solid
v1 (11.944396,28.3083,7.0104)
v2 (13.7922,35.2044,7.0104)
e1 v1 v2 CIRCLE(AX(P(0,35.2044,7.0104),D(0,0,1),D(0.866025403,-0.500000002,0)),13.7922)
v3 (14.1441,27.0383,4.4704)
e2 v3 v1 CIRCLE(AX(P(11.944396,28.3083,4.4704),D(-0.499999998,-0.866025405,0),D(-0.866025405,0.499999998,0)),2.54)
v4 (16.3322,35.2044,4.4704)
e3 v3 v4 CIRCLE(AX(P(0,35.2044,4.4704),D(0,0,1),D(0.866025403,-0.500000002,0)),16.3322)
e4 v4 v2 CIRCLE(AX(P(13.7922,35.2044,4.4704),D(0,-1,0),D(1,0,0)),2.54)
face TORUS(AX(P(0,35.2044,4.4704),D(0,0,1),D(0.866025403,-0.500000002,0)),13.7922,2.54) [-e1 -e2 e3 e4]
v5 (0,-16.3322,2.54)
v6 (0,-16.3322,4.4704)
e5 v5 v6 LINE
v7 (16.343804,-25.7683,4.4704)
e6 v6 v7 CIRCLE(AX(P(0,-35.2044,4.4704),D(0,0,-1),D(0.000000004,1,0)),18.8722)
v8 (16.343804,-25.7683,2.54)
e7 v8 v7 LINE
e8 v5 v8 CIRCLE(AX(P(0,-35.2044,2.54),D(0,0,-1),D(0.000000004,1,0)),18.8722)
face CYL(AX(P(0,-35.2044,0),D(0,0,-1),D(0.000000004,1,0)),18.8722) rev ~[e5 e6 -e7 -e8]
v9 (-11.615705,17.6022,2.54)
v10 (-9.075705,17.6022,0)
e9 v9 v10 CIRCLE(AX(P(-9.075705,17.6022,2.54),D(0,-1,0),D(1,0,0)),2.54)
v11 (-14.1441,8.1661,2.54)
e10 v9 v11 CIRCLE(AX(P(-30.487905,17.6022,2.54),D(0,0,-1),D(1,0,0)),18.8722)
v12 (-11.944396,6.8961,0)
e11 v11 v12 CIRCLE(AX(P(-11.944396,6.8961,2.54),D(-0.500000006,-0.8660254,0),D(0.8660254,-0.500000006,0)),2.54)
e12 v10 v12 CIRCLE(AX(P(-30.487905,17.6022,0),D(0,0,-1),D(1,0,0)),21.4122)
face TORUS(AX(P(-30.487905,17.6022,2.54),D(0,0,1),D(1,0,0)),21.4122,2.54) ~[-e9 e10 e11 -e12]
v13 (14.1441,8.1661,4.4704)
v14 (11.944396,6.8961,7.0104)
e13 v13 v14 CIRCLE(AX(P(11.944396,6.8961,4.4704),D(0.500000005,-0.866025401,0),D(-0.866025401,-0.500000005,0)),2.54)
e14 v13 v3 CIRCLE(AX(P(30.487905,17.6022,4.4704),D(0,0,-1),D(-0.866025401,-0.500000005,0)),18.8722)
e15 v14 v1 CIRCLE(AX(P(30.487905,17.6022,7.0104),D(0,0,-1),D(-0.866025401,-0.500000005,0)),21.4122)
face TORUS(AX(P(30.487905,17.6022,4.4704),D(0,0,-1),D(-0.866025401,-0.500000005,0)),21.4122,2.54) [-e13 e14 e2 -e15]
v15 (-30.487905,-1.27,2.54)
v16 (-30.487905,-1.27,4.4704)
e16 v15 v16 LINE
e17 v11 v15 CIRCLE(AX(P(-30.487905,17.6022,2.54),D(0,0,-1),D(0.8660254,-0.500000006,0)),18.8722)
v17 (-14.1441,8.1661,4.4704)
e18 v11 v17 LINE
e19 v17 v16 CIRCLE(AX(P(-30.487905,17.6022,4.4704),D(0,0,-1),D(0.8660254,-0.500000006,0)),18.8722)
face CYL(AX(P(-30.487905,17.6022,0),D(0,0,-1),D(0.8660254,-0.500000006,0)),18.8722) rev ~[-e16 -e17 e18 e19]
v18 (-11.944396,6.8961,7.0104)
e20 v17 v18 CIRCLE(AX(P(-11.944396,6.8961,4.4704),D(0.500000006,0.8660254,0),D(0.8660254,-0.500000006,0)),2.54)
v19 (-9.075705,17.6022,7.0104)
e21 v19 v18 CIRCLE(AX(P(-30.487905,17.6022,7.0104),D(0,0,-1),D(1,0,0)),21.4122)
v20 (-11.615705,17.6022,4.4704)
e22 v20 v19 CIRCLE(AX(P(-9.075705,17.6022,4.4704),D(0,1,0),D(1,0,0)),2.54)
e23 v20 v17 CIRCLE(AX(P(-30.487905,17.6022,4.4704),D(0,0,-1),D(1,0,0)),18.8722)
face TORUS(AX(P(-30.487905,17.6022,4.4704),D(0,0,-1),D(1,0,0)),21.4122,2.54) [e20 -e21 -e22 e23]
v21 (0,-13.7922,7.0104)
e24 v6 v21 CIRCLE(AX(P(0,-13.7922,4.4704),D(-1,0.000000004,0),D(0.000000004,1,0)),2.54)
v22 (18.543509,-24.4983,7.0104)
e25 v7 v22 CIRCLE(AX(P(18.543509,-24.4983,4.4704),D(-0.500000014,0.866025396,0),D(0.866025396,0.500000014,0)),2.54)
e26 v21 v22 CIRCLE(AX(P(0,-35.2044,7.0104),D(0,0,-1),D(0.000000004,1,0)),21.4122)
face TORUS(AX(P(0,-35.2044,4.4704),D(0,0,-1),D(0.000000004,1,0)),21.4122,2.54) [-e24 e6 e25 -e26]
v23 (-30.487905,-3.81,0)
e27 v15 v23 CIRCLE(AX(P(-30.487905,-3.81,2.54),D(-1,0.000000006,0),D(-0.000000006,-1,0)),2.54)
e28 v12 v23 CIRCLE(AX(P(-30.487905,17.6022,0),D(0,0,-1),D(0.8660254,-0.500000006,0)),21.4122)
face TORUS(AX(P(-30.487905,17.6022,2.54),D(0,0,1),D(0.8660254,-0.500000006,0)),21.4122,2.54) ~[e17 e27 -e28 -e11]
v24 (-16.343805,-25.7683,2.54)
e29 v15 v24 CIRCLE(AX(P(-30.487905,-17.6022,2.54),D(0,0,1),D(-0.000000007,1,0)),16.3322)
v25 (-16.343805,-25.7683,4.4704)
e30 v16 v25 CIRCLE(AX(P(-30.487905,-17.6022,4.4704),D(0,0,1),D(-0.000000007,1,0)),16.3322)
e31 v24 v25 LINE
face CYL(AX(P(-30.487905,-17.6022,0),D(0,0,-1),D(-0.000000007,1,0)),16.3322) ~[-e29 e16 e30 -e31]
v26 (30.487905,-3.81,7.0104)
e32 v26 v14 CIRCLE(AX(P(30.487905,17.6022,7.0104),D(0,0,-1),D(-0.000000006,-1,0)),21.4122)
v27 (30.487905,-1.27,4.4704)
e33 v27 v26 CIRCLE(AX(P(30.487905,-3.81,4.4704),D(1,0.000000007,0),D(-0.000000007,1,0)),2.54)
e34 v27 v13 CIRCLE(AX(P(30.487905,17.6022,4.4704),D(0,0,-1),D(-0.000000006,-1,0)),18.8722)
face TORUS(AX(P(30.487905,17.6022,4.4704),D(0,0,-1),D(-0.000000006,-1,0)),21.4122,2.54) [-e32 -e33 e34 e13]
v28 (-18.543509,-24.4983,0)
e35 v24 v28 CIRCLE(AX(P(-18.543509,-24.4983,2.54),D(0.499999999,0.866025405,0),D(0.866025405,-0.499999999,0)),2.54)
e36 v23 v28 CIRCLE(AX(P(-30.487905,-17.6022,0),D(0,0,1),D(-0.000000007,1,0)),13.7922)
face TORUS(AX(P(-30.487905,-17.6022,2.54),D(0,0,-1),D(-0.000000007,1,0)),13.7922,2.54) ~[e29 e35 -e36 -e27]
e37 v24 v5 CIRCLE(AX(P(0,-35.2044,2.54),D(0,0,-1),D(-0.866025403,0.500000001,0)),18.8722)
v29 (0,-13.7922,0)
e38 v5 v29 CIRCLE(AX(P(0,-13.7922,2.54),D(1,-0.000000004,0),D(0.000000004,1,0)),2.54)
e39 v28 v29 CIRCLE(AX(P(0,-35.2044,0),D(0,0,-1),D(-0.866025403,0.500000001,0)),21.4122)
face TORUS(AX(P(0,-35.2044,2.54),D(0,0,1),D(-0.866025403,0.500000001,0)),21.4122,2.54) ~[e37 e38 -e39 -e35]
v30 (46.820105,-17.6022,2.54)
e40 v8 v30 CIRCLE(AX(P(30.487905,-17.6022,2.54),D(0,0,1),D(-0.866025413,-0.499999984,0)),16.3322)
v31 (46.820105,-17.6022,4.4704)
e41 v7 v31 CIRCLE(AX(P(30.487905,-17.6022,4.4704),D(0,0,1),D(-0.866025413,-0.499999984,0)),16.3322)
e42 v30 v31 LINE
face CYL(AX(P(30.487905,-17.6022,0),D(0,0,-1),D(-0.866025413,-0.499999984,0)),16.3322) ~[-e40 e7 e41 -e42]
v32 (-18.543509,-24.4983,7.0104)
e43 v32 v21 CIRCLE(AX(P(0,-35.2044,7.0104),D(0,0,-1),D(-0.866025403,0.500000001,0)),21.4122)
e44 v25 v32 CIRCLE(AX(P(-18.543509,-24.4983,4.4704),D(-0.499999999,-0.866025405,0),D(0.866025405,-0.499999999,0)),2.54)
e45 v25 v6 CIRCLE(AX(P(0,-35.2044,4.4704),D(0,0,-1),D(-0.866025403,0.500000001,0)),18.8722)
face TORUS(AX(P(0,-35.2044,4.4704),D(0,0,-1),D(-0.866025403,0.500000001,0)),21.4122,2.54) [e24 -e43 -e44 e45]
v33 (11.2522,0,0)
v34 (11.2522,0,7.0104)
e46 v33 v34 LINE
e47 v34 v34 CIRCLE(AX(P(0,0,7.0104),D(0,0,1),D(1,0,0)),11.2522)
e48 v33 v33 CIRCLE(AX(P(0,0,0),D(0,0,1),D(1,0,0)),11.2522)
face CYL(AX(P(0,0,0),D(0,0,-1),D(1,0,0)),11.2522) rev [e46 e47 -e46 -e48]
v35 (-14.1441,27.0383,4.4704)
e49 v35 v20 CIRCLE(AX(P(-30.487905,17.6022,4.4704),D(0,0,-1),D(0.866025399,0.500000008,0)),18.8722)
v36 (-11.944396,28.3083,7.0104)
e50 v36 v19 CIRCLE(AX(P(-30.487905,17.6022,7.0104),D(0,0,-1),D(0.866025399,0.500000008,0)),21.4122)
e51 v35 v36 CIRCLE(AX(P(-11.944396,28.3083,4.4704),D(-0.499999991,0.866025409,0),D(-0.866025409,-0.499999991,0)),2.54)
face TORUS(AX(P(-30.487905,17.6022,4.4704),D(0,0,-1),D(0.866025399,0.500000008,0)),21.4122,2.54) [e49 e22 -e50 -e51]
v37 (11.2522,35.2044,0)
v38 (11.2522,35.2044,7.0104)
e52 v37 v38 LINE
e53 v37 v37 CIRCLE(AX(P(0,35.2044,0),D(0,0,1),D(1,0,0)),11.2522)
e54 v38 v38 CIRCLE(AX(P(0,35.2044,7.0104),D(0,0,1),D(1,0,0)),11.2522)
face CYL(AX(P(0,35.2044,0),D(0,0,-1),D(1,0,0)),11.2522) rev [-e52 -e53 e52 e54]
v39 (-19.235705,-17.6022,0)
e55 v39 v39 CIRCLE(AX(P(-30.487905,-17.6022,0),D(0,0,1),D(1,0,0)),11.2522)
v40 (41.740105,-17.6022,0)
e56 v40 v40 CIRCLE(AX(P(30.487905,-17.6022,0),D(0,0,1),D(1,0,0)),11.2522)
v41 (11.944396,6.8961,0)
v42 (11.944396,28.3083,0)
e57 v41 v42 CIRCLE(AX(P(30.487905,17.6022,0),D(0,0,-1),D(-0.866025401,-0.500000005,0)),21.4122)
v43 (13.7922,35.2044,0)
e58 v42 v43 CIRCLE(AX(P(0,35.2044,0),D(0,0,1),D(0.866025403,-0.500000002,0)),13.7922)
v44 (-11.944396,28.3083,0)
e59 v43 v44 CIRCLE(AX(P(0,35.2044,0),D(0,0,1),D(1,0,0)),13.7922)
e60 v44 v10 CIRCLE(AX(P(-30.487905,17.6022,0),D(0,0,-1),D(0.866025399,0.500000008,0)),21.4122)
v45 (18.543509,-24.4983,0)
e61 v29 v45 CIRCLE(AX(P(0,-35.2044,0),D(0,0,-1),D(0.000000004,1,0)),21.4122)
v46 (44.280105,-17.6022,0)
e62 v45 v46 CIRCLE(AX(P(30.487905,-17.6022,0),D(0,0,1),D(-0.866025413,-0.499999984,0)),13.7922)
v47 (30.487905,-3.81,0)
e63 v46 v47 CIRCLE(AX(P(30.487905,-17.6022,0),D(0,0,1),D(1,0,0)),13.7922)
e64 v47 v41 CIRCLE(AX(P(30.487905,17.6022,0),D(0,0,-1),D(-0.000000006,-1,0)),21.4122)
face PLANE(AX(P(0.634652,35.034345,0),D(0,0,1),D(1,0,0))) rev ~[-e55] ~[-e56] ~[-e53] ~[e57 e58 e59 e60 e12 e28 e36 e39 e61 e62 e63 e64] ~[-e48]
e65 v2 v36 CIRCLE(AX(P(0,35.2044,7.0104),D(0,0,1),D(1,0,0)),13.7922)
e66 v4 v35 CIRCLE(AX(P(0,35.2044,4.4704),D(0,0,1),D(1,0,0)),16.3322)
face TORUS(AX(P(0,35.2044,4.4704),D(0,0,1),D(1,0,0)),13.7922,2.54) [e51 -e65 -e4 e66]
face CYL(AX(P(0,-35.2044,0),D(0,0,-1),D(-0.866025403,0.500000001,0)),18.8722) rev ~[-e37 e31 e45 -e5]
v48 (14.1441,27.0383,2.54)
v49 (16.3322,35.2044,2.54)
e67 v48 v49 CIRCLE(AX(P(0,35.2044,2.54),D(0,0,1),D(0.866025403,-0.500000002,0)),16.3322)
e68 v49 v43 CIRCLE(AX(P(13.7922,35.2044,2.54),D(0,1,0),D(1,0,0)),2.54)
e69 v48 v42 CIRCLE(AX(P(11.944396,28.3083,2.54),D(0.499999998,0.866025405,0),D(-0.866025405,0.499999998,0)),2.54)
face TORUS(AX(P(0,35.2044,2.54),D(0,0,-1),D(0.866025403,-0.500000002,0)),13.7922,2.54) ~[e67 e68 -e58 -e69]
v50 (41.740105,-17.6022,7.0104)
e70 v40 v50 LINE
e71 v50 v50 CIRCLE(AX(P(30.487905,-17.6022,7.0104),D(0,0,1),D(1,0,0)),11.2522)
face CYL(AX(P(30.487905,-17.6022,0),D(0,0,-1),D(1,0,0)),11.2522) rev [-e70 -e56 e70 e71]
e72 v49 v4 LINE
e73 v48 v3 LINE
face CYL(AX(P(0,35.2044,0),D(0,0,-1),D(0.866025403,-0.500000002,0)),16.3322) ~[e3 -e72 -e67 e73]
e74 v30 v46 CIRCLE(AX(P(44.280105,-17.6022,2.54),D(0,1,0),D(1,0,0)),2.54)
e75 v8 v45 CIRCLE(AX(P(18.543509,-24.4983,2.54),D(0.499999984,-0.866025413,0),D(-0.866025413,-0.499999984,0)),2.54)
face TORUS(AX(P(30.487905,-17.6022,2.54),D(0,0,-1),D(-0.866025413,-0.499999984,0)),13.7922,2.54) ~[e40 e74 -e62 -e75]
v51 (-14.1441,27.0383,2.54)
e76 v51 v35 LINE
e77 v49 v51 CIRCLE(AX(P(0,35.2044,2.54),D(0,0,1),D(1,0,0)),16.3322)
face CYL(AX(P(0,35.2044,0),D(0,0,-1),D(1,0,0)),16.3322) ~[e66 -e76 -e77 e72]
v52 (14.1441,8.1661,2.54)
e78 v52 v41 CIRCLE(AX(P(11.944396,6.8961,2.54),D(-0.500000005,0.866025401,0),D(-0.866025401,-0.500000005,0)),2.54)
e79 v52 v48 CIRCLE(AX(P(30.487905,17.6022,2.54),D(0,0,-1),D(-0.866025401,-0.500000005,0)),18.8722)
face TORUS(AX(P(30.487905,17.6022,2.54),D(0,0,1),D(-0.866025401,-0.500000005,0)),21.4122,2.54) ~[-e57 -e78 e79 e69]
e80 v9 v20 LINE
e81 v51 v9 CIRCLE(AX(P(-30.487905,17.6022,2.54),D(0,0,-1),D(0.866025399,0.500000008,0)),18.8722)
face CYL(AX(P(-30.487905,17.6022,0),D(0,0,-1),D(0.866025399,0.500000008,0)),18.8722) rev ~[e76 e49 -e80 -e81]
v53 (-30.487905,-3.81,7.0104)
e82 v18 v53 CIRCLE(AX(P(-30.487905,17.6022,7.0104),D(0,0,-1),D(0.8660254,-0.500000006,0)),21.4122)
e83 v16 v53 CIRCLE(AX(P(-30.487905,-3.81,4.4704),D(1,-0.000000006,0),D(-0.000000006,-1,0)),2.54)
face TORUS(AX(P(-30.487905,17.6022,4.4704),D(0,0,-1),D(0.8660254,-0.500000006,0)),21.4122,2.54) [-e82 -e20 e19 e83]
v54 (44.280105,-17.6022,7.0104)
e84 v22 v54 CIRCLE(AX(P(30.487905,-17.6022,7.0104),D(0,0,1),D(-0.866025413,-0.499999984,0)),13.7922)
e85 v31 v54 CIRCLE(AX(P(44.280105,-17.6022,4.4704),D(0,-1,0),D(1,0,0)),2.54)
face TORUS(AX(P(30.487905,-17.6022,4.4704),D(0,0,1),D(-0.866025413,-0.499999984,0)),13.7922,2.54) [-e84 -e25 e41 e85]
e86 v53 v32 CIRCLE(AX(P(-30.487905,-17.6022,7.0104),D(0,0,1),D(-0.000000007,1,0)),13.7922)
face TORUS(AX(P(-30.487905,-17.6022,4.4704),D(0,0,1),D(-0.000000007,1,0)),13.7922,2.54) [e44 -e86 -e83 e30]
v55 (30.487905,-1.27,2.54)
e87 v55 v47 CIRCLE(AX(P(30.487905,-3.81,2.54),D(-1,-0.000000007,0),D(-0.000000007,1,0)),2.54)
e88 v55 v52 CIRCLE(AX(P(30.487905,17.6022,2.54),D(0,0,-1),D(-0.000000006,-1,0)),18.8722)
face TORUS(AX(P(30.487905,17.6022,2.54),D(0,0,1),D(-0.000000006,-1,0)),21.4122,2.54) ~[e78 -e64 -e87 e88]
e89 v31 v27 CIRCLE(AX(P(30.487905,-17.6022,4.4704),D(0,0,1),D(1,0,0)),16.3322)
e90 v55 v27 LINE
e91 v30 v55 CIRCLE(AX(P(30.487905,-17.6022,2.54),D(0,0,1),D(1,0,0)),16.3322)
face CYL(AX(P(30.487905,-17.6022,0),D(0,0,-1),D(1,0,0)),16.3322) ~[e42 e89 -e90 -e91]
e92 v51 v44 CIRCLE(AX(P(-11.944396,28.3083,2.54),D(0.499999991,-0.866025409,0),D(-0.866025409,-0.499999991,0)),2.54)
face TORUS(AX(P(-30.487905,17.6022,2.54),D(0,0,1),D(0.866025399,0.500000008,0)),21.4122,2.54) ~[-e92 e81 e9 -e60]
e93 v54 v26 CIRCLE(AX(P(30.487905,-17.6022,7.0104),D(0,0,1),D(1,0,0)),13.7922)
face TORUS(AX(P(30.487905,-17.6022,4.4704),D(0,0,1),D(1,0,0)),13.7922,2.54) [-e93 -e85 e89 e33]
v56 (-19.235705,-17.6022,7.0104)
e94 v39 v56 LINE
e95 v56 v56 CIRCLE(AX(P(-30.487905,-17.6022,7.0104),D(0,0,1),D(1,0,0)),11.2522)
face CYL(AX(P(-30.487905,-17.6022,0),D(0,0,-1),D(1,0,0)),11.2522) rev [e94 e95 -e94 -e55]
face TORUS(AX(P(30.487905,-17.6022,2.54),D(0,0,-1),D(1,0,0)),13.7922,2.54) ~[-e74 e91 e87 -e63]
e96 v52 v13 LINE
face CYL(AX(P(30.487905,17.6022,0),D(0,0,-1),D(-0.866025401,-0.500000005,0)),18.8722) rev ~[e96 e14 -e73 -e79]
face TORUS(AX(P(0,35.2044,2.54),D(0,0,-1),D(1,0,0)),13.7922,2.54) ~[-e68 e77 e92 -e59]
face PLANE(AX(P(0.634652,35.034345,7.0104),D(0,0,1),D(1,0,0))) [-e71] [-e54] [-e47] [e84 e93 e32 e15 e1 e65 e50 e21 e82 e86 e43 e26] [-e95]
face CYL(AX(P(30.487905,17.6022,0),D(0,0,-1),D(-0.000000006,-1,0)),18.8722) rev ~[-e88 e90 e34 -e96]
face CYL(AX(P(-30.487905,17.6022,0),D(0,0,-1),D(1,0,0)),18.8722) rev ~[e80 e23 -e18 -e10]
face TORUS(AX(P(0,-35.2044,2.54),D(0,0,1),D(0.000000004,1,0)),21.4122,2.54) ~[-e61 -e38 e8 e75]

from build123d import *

# Parameters (mm, degrees)
F0_R     = 11.2522
F1_DEPTH = 7.0104
F2_R     = 2.54


with BuildPart() as f1:
    # F0 (on Top) → F1 (new body)
    with BuildSketch(Plane.XY):
        with BuildLine():
            ThreePointArc((14.1441000791, 27.0382999643), (15.7756937748, 30.9773155717), (16.3322, 35.2044))
            ThreePointArc((16.3322, 35.2044), (-4.2270843265, 50.9800938021), (-14.1441001845, 27.0383001469))
            ThreePointArc((-14.1441001845, 27.0383001469), (-1.054e-07, 18.8722), (14.1441000791, 27.0382999643))
        make_face()
        with Locations((0, 35.2044)):
            Circle(F0_R, mode=Mode.SUBTRACT)
        with BuildLine():
            ThreePointArc((16.3322, 0), (15.7756937956, 4.2270843506), (14.1441001595, 8.1660998964))
            ThreePointArc((14.1441001595, 8.1660998964), (-1.04e-08, 16.3322), (-14.1441001699, 8.1660998784))
            ThreePointArc((-14.1441001699, 8.1660998784), (-14.1441000479, -8.1661000896), (6.65e-08, -16.3322))
            ThreePointArc((6.65e-08, -16.3322), (11.5486093952, -11.5486093482), (16.3322, 0))
        make_face()
        Circle(F0_R, mode=Mode.SUBTRACT)
        with BuildLine():
            ThreePointArc((-14.155704725, -17.6022), (-18.9392953914, -6.0535905902), (-30.4879048326, -1.27))
            ThreePointArc((-30.4879048326, -1.27), (-44.6320047919, -25.7683000569), (-16.3438046135, -25.7682999795))
            ThreePointArc((-16.3438046135, -25.7682999795), (-14.7122109418, -21.829284397), (-14.155704725, -17.6022))
        make_face()
        with Locations((-30.487904725, -17.6022)):
            Circle(F0_R, mode=Mode.SUBTRACT)
        with BuildLine():
            ThreePointArc((-14.1441001699, 8.1660998784), (-21.0518048324, 1.2583953127), (-30.4879048326, -1.27))
            ThreePointArc((-30.4879048326, -1.27), (-18.9392953914, -6.0535905902), (-14.155704725, -17.6022))
            ThreePointArc((-14.155704725, -17.6022), (-14.7122109418, -21.829284397), (-16.3438046135, -25.7682999795))
            ThreePointArc((-16.3438046135, -25.7682999795), (-9.436099961, -18.8605953522), (6.65e-08, -16.3322))
            ThreePointArc((6.65e-08, -16.3322), (-14.1441000479, -8.1661000896), (-14.1441001699, 8.1660998784))
        make_face()
        with BuildLine():
            ThreePointArc((14.1441000791, 27.0382999643), (-1.054e-07, 18.8722), (-14.1441001845, 27.0383001469))
            ThreePointArc((-14.1441001845, 27.0383001469), (-12.258759368, 22.4866848649), (-11.615704725, 17.6022))
            ThreePointArc((-11.615704725, 17.6022), (-12.2587593643, 12.7177151492), (-14.1441001699, 8.1660998784))
            ThreePointArc((-14.1441001699, 8.1660998784), (-1.04e-08, 16.3322), (14.1441001595, 8.1660998964))
            ThreePointArc((14.1441001595, 8.1660998964), (11.615704725, 17.6021999196), (14.1441000791, 27.0382999643))
        make_face()
        with BuildLine():
            ThreePointArc((30.4879046173, -1.27), (21.0518047302, 1.2583953717), (14.1441001595, 8.1660998964))
            ThreePointArc((14.1441001595, 8.1660998964), (15.7756937956, 4.2270843506), (16.3322, 0))
            ThreePointArc((16.3322, 0), (11.5486093952, -11.5486093482), (6.65e-08, -16.3322))
            ThreePointArc((6.65e-08, -16.3322), (9.4360998988, -18.8605953163), (16.3438044752, -25.76829974))
            ThreePointArc((16.3438044752, -25.76829974), (16.3438046734, -9.4360999166), (30.4879046173, -1.27))
        make_face()
        with BuildLine():
            ThreePointArc((46.820104725, -17.6022), (42.0365140586, -6.0535905902), (30.4879046173, -1.27))
            ThreePointArc((30.4879046173, -1.27), (16.3438046734, -9.4360999166), (16.3438044752, -25.76829974))
            ThreePointArc((16.3438044752, -25.76829974), (34.7149889884, -33.377893819), (46.820104725, -17.6022))
        make_face()
        with Locations((30.487904725, -17.6022)):
            Circle(F0_R, mode=Mode.SUBTRACT)
    extrude(amount=F1_DEPTH)

    # F2
    f2_edges = [f1.edges().sort_by_distance(p)[0] for p in [
        (0, 51.5366, 7.0104),
        (44.632005, -25.7683, 0),
        (14.1441, 8.1661, 0),
        (14.1441, 8.1661, 7.0104),
    ]]
    fillet(f2_edges, radius=F2_R)


solid = f1.part
